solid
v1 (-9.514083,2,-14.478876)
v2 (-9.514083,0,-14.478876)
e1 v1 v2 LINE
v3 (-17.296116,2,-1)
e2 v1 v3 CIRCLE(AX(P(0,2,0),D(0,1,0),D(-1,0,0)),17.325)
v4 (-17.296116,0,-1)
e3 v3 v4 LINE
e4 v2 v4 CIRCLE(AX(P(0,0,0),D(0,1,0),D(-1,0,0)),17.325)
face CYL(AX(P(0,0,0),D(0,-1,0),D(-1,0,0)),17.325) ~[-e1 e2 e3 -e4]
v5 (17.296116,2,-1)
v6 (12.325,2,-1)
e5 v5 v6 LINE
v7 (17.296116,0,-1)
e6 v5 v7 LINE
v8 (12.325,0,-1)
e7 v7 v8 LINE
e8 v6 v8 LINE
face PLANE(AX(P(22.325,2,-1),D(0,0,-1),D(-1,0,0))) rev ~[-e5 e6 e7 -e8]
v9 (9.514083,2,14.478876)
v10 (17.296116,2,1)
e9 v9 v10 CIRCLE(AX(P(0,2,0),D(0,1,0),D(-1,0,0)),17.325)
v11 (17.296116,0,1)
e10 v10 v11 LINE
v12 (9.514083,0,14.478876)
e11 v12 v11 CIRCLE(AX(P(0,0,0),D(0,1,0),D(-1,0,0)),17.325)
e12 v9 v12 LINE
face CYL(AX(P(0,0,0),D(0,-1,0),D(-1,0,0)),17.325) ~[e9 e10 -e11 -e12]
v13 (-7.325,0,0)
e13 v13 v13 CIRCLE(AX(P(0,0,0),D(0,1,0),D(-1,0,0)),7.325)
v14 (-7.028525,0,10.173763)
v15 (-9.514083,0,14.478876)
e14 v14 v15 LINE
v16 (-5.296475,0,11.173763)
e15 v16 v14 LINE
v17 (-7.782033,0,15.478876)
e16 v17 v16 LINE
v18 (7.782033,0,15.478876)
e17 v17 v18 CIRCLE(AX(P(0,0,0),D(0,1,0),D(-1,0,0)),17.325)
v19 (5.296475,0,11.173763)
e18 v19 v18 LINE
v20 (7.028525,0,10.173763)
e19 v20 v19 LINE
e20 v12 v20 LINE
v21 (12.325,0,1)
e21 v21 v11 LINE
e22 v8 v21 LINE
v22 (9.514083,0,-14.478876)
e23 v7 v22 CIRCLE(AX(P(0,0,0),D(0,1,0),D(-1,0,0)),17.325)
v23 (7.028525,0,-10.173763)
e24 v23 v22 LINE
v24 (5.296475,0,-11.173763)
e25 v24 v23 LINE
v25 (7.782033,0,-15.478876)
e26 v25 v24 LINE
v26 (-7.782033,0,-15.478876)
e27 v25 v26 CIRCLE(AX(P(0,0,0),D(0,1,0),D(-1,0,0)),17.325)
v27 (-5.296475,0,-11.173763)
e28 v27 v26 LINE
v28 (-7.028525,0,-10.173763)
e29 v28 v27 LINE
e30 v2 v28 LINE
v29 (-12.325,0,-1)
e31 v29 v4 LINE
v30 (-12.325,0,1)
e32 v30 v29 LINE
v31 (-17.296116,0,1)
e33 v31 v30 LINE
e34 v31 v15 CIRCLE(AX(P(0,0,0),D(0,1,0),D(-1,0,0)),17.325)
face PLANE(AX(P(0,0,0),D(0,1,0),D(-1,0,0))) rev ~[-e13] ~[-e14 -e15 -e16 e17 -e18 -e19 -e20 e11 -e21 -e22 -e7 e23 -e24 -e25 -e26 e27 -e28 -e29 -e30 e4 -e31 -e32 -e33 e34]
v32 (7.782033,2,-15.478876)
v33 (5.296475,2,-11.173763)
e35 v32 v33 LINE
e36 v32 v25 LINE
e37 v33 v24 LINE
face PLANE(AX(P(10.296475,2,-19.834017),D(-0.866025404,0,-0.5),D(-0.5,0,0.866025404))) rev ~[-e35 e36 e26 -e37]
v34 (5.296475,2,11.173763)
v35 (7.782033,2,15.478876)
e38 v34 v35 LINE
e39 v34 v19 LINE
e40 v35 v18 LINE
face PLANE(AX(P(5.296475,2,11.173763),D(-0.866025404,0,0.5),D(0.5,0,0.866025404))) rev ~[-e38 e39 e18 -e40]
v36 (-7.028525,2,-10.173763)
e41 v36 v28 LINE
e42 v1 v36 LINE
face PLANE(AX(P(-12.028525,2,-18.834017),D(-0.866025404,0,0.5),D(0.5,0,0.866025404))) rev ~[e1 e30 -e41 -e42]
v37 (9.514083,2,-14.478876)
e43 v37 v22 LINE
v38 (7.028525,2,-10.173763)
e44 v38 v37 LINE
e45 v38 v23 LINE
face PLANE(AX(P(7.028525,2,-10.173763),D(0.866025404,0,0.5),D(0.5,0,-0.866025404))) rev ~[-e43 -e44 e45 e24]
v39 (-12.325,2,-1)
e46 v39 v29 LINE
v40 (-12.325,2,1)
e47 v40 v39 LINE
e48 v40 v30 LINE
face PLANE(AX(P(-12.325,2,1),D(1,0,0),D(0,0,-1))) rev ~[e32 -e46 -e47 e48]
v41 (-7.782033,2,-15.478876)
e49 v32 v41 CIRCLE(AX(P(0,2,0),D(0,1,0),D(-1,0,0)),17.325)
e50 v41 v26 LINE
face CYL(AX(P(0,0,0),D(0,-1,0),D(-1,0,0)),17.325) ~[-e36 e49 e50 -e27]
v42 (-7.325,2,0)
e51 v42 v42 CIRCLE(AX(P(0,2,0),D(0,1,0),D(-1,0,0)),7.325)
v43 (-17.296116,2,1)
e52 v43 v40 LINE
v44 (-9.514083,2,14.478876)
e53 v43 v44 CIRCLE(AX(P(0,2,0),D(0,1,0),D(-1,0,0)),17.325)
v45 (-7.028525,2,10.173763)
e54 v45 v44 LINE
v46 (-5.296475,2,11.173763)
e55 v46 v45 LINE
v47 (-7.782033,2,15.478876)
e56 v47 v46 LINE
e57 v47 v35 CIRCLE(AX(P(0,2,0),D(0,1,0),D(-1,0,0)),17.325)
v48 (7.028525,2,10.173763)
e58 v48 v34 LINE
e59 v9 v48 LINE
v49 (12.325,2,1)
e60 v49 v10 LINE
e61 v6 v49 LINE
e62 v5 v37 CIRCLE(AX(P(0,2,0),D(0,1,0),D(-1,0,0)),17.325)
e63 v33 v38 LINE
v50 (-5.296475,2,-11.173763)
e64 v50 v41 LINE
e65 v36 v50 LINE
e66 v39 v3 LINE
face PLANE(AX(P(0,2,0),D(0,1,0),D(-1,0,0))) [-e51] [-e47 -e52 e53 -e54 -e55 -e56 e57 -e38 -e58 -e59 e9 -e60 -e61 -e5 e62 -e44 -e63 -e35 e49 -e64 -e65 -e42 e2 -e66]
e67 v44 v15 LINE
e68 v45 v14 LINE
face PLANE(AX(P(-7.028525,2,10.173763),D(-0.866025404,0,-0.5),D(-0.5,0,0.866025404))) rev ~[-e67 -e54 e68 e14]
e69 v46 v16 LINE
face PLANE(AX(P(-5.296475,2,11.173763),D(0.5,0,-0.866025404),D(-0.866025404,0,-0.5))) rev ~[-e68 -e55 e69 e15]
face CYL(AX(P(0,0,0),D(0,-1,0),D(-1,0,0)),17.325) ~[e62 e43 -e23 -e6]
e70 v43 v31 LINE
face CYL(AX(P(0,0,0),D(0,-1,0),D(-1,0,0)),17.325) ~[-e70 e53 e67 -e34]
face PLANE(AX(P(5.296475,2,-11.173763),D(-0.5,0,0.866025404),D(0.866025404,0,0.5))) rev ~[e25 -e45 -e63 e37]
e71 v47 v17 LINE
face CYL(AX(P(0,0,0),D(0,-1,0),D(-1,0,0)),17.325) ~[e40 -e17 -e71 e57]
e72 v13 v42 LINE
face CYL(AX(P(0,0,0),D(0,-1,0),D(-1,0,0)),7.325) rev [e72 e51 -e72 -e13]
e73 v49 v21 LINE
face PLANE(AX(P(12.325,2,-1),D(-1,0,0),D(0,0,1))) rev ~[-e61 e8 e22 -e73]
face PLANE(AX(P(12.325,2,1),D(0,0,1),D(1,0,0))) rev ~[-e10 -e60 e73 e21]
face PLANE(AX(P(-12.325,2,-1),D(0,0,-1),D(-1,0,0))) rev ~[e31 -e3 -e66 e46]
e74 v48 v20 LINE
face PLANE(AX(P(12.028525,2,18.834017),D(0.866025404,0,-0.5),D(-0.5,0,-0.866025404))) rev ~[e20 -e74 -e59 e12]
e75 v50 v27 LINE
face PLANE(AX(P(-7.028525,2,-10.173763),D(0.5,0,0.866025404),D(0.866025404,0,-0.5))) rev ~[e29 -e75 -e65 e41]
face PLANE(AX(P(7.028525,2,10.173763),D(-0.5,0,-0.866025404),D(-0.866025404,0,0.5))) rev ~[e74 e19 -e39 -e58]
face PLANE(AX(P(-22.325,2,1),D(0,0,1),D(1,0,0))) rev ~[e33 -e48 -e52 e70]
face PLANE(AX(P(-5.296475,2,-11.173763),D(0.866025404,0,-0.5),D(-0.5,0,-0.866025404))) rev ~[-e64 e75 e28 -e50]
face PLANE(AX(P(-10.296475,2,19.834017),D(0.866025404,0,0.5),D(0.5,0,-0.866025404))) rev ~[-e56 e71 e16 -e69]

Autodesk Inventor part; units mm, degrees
ref_plane "YZ Plane" through (0, 0, 0) normal (1, 0, 0) x (0, 1, 0)
ref_plane "XZ Plane" through (0, 0, 0) normal (0, 1, 0) x (-1, 0, 0)
ref_plane "XY Plane" through (0, 0, 0) normal (0, 0, 1) x (1, 0, 0)
sketch "Sketch1" plane through (0, 0, 0) normal (0, 1, 0) x (-1, 0, 0)
  circle A0 centre (0, 0) radius 17.325
  circle A1 centre (0, 0) radius 7.325
  dimension "d0" = 34.65
  dimension "d1" = 14.65
extrude "Extrusion1" add sketch "Sketch1" along normal blind 2
sketch "Sketch2" plane through (0, 2, 0) normal (0, 1, 0) x (1, 0, 0)
  line L0 (-22.325, -1) -> (-12.325, -1)
  line L1 (-12.325, -1) -> (-12.325, 1)
  line L2 (-12.325, 1) -> (-22.325, 1)
  line L3 (-22.325, 1) -> (-22.325, -1)
  point P0 (0, 0)
  dimension "d4" = 1
  dimension "d5" = 2
  dimension "d6" = 12.325
  dimension "d7" = 10
extrude "Extrusion2" cut sketch "Sketch2" against normal blind 2
pattern_circular "Circular Pattern2" count 6 over 360 about axis through (0, -10, 0) along (0, 1, 0) of "Extrusion2"
properties part number "Ring_n7"
